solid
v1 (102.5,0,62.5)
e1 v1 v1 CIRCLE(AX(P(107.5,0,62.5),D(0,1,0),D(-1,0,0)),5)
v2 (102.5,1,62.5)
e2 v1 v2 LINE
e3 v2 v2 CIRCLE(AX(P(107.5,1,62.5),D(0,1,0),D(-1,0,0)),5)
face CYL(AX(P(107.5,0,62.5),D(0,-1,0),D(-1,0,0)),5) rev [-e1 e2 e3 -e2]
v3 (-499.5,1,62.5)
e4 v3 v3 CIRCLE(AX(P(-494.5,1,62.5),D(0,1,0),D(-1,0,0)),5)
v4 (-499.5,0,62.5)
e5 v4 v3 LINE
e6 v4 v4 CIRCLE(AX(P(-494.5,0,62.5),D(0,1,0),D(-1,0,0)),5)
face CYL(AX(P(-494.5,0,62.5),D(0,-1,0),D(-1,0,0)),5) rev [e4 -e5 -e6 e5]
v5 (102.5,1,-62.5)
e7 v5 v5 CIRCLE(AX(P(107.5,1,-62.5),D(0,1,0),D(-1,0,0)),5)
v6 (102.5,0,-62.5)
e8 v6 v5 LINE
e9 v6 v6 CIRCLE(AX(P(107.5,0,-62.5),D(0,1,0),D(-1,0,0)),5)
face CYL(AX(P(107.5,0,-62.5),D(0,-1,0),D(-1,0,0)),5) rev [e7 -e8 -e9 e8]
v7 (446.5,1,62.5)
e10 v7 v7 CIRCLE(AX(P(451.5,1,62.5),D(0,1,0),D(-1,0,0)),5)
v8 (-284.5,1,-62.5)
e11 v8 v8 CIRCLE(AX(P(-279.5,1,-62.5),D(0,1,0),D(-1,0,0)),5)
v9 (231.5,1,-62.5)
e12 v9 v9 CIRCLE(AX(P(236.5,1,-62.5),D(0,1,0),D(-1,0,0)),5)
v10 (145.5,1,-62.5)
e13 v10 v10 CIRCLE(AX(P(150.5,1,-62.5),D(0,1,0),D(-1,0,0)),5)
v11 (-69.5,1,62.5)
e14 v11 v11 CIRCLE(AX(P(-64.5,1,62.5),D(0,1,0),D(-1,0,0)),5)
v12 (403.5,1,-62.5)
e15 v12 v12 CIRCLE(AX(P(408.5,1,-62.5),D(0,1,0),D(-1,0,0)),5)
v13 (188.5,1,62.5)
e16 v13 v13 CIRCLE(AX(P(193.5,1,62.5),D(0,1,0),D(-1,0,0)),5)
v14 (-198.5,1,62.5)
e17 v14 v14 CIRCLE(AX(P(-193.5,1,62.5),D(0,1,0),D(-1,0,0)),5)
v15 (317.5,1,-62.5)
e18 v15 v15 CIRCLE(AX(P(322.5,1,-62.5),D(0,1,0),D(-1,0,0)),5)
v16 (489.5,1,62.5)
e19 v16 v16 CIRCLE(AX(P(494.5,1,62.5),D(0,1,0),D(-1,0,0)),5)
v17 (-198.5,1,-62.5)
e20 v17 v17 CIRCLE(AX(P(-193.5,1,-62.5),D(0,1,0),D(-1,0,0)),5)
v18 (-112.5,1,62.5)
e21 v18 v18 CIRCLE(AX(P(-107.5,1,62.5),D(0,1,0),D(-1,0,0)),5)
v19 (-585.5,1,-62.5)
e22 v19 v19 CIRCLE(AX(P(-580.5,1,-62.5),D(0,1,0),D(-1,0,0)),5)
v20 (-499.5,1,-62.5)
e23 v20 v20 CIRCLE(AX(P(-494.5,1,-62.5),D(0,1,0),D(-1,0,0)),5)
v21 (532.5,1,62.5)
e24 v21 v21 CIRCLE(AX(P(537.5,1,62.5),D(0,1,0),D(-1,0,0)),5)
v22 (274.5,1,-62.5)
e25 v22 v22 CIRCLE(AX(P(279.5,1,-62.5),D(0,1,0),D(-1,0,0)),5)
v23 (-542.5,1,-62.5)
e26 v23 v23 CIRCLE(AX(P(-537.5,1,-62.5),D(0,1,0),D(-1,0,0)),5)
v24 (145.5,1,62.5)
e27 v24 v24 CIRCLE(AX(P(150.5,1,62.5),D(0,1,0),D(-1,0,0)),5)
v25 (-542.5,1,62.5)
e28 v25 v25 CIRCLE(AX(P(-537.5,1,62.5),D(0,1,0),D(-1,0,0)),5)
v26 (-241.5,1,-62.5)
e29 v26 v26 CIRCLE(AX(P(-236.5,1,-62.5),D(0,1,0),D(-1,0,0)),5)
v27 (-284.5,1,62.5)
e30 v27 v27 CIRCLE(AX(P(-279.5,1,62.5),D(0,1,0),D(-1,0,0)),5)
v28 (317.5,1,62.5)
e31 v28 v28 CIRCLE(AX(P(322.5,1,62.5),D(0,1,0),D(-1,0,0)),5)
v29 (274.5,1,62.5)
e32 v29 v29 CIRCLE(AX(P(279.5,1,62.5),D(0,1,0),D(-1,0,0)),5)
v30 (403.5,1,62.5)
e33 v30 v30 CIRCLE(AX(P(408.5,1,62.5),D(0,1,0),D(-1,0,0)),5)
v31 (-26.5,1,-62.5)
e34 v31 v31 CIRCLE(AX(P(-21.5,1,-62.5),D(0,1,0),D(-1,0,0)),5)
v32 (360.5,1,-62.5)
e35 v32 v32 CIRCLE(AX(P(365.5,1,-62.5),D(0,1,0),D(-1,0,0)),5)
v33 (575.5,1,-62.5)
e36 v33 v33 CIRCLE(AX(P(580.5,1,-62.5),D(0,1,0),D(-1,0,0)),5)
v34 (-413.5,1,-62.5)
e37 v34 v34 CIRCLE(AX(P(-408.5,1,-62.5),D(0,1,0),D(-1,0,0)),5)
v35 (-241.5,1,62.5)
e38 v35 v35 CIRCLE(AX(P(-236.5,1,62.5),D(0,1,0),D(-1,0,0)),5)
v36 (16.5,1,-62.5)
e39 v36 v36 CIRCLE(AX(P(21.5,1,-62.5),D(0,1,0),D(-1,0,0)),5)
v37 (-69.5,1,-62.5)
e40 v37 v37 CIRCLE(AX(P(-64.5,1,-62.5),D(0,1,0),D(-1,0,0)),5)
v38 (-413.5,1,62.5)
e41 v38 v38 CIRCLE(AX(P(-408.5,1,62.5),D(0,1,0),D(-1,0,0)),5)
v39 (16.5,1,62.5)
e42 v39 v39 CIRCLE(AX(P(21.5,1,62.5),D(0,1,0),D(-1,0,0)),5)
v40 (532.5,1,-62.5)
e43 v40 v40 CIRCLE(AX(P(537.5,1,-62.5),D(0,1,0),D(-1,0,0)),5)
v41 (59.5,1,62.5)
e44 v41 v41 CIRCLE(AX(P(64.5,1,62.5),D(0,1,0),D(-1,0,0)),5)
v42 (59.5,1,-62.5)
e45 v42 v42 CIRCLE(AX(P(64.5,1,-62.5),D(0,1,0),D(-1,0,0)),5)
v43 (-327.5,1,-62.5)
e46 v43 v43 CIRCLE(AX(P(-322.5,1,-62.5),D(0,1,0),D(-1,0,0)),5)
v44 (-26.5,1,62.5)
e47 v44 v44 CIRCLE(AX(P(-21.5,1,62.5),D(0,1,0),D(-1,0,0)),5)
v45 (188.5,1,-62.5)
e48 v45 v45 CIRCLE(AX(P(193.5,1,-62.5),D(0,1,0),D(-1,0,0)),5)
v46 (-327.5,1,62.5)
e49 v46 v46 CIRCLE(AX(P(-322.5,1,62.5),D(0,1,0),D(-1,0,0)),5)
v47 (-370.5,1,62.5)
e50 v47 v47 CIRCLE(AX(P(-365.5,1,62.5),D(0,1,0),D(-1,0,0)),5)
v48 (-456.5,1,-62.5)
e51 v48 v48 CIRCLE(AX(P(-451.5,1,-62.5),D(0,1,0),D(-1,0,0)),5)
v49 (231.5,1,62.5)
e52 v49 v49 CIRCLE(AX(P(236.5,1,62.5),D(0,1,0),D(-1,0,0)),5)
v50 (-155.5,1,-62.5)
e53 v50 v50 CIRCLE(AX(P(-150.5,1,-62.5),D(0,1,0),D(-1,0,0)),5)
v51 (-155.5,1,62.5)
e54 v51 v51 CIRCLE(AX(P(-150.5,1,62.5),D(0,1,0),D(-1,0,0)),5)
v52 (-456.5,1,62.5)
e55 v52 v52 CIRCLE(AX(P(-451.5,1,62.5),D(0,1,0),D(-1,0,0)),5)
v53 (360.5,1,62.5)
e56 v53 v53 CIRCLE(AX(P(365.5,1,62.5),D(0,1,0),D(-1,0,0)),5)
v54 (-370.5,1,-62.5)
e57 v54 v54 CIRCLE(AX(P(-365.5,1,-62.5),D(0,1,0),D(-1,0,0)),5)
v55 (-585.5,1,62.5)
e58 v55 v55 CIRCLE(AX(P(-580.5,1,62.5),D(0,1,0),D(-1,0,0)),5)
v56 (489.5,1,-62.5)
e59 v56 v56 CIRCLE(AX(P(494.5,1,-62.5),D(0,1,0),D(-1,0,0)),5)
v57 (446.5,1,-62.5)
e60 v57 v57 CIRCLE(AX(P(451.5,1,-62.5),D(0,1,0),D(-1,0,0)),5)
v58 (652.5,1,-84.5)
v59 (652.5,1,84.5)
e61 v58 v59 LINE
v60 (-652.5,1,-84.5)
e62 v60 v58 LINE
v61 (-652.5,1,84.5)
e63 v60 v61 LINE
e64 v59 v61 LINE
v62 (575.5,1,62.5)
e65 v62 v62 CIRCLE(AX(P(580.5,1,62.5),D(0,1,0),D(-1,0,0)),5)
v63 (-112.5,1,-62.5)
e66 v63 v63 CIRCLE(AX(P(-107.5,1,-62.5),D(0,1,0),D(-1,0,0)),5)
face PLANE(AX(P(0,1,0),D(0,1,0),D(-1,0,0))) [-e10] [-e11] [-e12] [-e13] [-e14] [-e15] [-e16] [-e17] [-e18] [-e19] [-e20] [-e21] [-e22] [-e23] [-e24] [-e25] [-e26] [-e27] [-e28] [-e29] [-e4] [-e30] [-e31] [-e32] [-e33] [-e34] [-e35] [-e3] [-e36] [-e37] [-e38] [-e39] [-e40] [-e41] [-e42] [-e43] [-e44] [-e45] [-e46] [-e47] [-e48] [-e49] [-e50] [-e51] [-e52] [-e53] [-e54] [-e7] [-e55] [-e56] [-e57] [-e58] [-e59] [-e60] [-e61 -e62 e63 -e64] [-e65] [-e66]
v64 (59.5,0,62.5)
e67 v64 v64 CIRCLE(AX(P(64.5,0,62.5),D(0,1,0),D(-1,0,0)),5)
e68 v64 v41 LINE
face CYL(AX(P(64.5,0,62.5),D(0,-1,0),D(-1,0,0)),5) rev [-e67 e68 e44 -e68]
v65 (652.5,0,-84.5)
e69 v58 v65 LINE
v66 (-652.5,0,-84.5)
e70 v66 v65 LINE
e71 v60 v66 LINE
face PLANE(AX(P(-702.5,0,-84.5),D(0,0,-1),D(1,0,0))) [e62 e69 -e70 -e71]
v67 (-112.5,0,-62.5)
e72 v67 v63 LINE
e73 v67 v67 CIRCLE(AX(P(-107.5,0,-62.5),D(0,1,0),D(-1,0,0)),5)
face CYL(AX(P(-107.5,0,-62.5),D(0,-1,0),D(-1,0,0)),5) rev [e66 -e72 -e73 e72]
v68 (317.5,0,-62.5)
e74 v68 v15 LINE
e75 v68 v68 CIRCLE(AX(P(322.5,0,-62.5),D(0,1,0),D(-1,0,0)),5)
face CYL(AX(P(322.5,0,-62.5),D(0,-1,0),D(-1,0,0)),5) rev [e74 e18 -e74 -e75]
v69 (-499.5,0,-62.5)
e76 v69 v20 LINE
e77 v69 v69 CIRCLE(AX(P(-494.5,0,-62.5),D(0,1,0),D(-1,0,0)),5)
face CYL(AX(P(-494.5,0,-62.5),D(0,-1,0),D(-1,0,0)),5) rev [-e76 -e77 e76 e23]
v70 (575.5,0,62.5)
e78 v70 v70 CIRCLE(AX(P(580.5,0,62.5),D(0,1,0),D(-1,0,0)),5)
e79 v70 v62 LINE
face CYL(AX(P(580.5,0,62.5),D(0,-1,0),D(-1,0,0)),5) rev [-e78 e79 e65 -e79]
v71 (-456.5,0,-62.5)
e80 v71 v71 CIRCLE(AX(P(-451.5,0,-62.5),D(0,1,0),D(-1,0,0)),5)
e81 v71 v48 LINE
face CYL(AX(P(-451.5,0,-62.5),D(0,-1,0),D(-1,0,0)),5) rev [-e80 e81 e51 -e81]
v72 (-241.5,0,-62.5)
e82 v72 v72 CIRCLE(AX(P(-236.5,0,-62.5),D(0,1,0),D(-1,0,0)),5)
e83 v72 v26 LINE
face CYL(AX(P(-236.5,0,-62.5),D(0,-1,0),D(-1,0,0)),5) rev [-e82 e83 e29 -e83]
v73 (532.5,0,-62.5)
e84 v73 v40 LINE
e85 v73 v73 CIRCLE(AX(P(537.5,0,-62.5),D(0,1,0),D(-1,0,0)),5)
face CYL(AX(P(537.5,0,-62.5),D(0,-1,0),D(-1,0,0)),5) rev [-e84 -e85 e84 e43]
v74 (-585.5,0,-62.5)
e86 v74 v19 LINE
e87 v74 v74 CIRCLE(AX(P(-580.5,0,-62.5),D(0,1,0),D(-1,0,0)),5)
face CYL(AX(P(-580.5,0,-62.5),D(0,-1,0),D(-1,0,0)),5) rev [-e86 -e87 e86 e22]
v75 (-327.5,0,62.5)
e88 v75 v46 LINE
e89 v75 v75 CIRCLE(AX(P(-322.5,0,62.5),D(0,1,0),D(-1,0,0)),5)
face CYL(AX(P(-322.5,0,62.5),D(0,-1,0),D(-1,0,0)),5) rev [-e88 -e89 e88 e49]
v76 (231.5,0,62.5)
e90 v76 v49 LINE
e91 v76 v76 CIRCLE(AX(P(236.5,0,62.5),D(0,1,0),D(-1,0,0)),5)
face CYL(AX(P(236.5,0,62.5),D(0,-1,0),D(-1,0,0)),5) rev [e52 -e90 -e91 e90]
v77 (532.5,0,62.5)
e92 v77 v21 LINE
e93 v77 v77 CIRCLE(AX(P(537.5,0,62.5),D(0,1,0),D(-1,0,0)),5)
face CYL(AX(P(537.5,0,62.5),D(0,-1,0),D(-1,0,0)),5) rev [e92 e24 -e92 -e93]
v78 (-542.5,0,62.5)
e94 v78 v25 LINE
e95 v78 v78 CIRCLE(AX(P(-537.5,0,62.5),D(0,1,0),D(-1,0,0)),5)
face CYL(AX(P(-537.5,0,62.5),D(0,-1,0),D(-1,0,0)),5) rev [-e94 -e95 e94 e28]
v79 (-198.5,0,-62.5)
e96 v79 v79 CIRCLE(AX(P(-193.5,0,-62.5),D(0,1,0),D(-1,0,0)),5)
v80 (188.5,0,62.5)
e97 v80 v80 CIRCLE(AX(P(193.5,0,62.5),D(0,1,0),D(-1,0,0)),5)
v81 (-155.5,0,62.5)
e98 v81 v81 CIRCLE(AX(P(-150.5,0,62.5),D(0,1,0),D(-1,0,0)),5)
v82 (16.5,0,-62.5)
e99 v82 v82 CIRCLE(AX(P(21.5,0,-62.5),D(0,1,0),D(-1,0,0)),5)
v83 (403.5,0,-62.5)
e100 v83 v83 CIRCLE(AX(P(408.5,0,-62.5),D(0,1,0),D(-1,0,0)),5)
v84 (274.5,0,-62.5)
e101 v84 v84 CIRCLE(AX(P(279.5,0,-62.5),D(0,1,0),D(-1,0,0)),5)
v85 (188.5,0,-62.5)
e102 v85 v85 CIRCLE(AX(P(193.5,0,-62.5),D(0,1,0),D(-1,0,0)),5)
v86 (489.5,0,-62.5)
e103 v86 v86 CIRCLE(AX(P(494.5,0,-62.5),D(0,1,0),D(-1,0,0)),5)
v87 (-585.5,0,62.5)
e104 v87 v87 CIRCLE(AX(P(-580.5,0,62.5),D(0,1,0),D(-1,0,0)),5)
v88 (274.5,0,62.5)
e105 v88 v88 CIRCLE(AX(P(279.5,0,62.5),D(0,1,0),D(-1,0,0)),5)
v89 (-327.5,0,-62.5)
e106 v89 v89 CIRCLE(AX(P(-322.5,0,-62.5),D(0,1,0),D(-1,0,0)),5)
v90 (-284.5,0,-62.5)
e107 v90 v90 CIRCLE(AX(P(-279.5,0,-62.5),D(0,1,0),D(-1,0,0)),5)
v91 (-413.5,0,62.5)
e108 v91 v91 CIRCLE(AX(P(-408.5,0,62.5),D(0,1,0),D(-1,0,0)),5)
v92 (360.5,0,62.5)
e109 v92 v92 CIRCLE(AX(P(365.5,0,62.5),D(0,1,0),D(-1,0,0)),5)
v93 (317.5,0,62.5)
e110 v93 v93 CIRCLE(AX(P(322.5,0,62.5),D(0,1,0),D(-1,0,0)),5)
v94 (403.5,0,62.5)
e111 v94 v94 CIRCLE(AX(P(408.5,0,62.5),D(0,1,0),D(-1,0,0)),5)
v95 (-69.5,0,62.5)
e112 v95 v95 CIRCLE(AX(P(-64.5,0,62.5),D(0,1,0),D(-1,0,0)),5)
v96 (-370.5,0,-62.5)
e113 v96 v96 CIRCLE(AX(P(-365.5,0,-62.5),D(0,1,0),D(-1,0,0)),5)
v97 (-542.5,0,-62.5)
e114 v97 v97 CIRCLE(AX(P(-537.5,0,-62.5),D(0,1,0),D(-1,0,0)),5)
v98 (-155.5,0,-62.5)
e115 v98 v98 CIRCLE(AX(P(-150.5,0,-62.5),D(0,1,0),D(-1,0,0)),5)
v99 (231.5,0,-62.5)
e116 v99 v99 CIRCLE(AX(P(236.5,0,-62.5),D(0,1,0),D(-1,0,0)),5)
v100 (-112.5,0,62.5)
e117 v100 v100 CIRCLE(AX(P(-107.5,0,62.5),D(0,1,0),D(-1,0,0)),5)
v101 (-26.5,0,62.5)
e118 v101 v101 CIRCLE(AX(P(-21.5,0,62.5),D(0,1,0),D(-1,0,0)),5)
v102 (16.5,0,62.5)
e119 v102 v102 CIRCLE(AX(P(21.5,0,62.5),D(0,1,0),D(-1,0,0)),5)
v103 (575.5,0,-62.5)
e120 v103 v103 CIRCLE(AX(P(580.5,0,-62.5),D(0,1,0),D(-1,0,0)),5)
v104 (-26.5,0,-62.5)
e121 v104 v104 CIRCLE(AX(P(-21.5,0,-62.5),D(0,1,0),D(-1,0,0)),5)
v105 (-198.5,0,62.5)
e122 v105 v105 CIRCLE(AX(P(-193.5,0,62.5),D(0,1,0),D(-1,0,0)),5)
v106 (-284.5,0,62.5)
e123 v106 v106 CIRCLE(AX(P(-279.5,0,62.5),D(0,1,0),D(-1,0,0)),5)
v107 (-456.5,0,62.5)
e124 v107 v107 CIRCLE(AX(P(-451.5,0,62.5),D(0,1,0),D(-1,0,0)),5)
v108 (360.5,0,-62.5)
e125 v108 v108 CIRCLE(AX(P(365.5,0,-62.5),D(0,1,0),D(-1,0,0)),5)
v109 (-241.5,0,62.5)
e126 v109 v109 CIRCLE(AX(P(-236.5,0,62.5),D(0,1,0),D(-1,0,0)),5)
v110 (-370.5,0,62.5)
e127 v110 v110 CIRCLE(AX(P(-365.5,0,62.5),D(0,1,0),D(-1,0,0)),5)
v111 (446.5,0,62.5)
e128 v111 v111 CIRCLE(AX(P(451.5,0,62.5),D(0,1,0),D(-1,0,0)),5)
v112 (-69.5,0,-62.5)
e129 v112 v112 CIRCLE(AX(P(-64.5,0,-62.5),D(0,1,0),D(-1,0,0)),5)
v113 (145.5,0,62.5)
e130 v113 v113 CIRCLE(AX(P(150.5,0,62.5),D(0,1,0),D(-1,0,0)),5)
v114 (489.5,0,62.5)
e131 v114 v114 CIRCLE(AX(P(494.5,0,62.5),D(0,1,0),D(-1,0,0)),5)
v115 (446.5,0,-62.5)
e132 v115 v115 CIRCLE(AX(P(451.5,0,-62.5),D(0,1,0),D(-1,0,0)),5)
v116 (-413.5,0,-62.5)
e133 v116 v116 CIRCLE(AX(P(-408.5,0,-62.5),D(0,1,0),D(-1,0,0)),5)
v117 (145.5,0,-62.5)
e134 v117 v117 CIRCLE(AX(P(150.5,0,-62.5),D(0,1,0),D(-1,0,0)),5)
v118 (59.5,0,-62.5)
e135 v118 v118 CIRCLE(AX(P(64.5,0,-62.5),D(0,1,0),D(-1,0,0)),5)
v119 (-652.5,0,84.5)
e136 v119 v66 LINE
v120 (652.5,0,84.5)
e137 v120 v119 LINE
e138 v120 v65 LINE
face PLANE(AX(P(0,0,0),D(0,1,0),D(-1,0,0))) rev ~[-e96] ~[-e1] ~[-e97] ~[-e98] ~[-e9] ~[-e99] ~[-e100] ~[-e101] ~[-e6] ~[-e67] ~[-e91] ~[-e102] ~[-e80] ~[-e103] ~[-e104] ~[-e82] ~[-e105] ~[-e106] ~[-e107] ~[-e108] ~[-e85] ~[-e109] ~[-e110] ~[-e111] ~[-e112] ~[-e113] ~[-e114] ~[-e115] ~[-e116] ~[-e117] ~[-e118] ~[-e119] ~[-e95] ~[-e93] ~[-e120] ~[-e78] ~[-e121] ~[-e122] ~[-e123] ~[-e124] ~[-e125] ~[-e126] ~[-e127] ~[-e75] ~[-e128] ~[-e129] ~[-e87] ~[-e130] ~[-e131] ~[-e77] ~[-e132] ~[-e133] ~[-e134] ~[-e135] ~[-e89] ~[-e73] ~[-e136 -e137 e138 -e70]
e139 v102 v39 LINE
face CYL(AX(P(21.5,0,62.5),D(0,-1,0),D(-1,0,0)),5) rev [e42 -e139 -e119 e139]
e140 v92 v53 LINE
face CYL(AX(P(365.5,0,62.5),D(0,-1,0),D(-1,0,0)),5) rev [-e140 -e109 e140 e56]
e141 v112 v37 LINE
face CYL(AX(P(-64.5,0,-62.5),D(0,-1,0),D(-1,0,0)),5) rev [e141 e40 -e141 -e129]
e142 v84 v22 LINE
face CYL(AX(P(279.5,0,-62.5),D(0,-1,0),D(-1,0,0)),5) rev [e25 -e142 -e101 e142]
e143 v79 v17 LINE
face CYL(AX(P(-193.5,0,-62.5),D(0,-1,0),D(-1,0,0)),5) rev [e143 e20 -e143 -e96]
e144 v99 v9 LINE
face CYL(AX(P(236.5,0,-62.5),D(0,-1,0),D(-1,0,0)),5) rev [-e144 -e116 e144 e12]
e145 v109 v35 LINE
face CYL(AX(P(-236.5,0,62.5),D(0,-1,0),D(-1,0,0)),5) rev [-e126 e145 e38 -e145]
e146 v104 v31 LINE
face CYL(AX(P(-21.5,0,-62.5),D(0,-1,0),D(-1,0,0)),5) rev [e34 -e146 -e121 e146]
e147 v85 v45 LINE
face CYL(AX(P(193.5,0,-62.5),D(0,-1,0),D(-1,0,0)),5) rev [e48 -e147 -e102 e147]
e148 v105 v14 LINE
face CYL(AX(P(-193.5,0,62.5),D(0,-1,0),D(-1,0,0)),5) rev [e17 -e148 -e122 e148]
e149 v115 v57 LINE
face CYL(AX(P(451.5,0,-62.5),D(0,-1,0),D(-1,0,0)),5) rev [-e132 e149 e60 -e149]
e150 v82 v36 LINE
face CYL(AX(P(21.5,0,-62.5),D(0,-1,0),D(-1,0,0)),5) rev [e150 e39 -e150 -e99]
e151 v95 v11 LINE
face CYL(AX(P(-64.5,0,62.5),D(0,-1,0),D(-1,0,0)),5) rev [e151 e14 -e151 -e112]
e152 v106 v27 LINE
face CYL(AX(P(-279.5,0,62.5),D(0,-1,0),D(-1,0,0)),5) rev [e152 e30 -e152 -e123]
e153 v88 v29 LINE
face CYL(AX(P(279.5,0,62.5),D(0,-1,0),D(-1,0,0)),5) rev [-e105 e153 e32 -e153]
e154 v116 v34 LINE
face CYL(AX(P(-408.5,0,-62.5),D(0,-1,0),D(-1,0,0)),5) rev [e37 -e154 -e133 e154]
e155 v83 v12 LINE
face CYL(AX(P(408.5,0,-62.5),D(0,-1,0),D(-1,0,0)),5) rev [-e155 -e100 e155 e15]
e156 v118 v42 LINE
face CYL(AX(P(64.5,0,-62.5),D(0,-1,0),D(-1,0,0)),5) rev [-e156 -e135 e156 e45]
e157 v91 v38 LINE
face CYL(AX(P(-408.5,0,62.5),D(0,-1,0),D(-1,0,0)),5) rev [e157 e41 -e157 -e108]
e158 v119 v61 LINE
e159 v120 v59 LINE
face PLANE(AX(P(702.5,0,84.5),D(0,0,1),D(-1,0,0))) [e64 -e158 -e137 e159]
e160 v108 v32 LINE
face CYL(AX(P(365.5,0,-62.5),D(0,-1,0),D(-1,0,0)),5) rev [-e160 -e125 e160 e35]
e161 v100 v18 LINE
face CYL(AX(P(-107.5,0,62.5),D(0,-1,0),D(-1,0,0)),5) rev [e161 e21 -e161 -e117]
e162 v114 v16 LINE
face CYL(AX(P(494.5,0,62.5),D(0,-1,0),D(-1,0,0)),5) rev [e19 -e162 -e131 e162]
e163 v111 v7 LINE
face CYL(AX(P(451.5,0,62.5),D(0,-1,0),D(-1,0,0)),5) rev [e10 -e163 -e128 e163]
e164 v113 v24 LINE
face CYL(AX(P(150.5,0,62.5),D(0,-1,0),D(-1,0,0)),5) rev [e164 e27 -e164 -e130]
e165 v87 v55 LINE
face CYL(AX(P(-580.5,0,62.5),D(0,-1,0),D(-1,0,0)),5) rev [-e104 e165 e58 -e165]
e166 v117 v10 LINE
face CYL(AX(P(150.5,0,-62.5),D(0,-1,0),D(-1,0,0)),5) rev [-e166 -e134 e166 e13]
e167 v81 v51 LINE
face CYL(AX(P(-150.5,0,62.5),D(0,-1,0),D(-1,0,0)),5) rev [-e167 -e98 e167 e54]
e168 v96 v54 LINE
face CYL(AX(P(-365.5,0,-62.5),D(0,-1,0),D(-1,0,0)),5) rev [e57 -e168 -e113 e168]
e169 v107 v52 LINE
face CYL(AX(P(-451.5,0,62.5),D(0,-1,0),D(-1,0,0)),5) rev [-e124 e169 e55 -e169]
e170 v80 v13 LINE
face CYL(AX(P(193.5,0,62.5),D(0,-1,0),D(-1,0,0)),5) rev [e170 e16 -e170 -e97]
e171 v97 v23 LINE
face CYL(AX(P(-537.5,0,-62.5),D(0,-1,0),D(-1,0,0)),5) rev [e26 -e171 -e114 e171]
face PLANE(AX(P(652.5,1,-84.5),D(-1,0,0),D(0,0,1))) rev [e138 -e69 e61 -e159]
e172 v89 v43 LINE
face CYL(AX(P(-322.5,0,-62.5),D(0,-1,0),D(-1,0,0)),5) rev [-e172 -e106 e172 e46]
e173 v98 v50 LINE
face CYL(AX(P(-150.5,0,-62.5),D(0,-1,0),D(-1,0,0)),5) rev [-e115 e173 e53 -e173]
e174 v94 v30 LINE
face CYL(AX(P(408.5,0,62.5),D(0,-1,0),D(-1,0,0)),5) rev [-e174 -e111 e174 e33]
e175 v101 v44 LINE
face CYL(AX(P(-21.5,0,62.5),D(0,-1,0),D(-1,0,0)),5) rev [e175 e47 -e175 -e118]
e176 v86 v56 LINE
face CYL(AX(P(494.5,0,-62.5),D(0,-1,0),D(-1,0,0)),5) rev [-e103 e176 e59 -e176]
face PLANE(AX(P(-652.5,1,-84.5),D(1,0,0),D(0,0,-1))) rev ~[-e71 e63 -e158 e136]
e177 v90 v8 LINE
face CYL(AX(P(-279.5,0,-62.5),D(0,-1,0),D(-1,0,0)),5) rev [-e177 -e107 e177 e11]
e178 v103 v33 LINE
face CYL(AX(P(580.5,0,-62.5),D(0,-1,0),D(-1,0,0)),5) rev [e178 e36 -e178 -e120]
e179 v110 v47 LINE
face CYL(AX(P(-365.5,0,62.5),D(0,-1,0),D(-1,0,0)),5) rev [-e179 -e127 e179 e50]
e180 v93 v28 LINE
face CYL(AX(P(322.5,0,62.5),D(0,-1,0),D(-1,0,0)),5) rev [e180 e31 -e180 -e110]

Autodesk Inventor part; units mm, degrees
ref_plane "YZ Plane" through (0, 0, 0) normal (1, 0, 0) x (0, 1, 0)
ref_plane "XZ Plane" through (0, 0, 0) normal (0, 1, 0) x (-1, 0, 0)
ref_plane "XY Plane" through (0, 0, 0) normal (0, 0, 1) x (1, 0, 0)
sketch "Skin Scheme" plane through (0, 0, 0) normal (0, 1, 0) x (-1, 0, 0)
  line L0 (702.5, -84.5) -> (-702.5, -84.5)
  line L1 (-702.5, -84.5) -> (-702.5, 84.5)
  line L2 (-702.5, 84.5) -> (702.5, 84.5)
  line L3 (702.5, 84.5) -> (702.5, -84.5)
  circle A0 centre (580.5, -62.5) radius 5
  circle A1 centre (537.5, -62.5) radius 5
  circle A2 centre (494.5, -62.5) radius 5
  circle A3 centre (451.5, -62.5) radius 5
  circle A4 centre (408.5, -62.5) radius 5
  circle A5 centre (365.5, -62.5) radius 5
  circle A6 centre (322.5, -62.5) radius 5
  circle A7 centre (279.5, -62.5) radius 5
  circle A8 centre (236.5, -62.5) radius 5
  circle A9 centre (193.5, -62.5) radius 5
  circle A10 centre (150.5, -62.5) radius 5
  circle A11 centre (107.5, -62.5) radius 5
  circle A12 centre (64.5, -62.5) radius 5
  circle A13 centre (21.5, -62.5) radius 5
  circle A14 centre (-21.5, -62.5) radius 5
  circle A15 centre (-64.5, -62.5) radius 5
  circle A16 centre (-107.5, -62.5) radius 5
  circle A17 centre (-150.5, -62.5) radius 5
  circle A18 centre (580.5, 62.5) radius 5
  circle A19 centre (537.5, 62.5) radius 5
  circle A20 centre (494.5, 62.5) radius 5
  circle A21 centre (451.5, 62.5) radius 5
  circle A22 centre (408.5, 62.5) radius 5
  circle A23 centre (365.5, 62.5) radius 5
  circle A24 centre (322.5, 62.5) radius 5
  circle A25 centre (279.5, 62.5) radius 5
  circle A26 centre (236.5, 62.5) radius 5
  circle A27 centre (193.5, 62.5) radius 5
  circle A28 centre (150.5, 62.5) radius 5
  circle A29 centre (107.5, 62.5) radius 5
  circle A30 centre (64.5, 62.5) radius 5
  circle A31 centre (21.5, 62.5) radius 5
  circle A32 centre (-21.5, 62.5) radius 5
  circle A33 centre (-64.5, 62.5) radius 5
  circle A34 centre (-107.5, 62.5) radius 5
  circle A35 centre (-150.5, 62.5) radius 5
  circle A36 centre (-193.5, -62.5) radius 5
  circle A37 centre (-193.5, 62.5) radius 5
  circle A38 centre (-236.5, -62.5) radius 5
  circle A39 centre (-236.5, 62.5) radius 5
  circle A40 centre (-279.5, -62.5) radius 5
  circle A41 centre (-279.5, 62.5) radius 5
  circle A42 centre (-322.5, -62.5) radius 5
  circle A43 centre (-322.5, 62.5) radius 5
  circle A44 centre (-365.5, -62.5) radius 5
  circle A45 centre (-365.5, 62.5) radius 5
  circle A46 centre (-408.5, -62.5) radius 5
  circle A47 centre (-408.5, 62.5) radius 5
  circle A48 centre (-451.5, -62.5) radius 5
  circle A49 centre (-451.5, 62.5) radius 5
  circle A50 centre (-494.5, -62.5) radius 5
  circle A51 centre (-494.5, 62.5) radius 5
  circle A52 centre (-537.5, -62.5) radius 5
  circle A53 centre (-537.5, 62.5) radius 5
  circle A54 centre (-580.5, -62.5) radius 5
  circle A55 centre (-580.5, 62.5) radius 5
  point P0 (0, 0)
  dimension "d0" = 1405
  dimension "d1" = 702.5
  dimension "d2" = 169
  dimension "d3" = 84.5
  dimension "d4" = 10
  dimension "d5" = 122
  dimension "d6" = 22
  dimension "d9" = 43
  dimension "d12" = 125
extrude "Skin Body" add sketch "Skin Scheme" along normal blind 1
sketch "End Cut Outline" plane through (0, 1, 0) normal (0, 1, 0) x (1, 0, 0)
  line L0 (-652.5, 94.5) -> (-712.5, 94.5)
  line L1 (-712.5, 94.5) -> (-712.5, -94.5)
  line L2 (-712.5, -94.5) -> (-652.5, -94.5)
  line L3 (-652.5, -94.5) -> (-652.5, 94.5)
  line L4 (702.5, 84.5) -> (-702.5, 84.5)
  line L5 (-702.5, -84.5) -> (702.5, -84.5)
  line L6 (-702.5, 84.5) -> (-702.5, -84.5)
  point P0 (0, 0)
  dimension "d19" = 10
  dimension "d20" = 10
  dimension "d21" = 10
  dimension "d22" = 50
extrude "End Cut" cut sketch "End Cut Outline" along normal through all both and the other way through all
mirror "End Cut Mirror" about plane through (0, 0, 0) normal (1, 0, 0) of "End Cut"
properties part number "Skin NPS 12 Internal" material "Rubber, Silicone"
